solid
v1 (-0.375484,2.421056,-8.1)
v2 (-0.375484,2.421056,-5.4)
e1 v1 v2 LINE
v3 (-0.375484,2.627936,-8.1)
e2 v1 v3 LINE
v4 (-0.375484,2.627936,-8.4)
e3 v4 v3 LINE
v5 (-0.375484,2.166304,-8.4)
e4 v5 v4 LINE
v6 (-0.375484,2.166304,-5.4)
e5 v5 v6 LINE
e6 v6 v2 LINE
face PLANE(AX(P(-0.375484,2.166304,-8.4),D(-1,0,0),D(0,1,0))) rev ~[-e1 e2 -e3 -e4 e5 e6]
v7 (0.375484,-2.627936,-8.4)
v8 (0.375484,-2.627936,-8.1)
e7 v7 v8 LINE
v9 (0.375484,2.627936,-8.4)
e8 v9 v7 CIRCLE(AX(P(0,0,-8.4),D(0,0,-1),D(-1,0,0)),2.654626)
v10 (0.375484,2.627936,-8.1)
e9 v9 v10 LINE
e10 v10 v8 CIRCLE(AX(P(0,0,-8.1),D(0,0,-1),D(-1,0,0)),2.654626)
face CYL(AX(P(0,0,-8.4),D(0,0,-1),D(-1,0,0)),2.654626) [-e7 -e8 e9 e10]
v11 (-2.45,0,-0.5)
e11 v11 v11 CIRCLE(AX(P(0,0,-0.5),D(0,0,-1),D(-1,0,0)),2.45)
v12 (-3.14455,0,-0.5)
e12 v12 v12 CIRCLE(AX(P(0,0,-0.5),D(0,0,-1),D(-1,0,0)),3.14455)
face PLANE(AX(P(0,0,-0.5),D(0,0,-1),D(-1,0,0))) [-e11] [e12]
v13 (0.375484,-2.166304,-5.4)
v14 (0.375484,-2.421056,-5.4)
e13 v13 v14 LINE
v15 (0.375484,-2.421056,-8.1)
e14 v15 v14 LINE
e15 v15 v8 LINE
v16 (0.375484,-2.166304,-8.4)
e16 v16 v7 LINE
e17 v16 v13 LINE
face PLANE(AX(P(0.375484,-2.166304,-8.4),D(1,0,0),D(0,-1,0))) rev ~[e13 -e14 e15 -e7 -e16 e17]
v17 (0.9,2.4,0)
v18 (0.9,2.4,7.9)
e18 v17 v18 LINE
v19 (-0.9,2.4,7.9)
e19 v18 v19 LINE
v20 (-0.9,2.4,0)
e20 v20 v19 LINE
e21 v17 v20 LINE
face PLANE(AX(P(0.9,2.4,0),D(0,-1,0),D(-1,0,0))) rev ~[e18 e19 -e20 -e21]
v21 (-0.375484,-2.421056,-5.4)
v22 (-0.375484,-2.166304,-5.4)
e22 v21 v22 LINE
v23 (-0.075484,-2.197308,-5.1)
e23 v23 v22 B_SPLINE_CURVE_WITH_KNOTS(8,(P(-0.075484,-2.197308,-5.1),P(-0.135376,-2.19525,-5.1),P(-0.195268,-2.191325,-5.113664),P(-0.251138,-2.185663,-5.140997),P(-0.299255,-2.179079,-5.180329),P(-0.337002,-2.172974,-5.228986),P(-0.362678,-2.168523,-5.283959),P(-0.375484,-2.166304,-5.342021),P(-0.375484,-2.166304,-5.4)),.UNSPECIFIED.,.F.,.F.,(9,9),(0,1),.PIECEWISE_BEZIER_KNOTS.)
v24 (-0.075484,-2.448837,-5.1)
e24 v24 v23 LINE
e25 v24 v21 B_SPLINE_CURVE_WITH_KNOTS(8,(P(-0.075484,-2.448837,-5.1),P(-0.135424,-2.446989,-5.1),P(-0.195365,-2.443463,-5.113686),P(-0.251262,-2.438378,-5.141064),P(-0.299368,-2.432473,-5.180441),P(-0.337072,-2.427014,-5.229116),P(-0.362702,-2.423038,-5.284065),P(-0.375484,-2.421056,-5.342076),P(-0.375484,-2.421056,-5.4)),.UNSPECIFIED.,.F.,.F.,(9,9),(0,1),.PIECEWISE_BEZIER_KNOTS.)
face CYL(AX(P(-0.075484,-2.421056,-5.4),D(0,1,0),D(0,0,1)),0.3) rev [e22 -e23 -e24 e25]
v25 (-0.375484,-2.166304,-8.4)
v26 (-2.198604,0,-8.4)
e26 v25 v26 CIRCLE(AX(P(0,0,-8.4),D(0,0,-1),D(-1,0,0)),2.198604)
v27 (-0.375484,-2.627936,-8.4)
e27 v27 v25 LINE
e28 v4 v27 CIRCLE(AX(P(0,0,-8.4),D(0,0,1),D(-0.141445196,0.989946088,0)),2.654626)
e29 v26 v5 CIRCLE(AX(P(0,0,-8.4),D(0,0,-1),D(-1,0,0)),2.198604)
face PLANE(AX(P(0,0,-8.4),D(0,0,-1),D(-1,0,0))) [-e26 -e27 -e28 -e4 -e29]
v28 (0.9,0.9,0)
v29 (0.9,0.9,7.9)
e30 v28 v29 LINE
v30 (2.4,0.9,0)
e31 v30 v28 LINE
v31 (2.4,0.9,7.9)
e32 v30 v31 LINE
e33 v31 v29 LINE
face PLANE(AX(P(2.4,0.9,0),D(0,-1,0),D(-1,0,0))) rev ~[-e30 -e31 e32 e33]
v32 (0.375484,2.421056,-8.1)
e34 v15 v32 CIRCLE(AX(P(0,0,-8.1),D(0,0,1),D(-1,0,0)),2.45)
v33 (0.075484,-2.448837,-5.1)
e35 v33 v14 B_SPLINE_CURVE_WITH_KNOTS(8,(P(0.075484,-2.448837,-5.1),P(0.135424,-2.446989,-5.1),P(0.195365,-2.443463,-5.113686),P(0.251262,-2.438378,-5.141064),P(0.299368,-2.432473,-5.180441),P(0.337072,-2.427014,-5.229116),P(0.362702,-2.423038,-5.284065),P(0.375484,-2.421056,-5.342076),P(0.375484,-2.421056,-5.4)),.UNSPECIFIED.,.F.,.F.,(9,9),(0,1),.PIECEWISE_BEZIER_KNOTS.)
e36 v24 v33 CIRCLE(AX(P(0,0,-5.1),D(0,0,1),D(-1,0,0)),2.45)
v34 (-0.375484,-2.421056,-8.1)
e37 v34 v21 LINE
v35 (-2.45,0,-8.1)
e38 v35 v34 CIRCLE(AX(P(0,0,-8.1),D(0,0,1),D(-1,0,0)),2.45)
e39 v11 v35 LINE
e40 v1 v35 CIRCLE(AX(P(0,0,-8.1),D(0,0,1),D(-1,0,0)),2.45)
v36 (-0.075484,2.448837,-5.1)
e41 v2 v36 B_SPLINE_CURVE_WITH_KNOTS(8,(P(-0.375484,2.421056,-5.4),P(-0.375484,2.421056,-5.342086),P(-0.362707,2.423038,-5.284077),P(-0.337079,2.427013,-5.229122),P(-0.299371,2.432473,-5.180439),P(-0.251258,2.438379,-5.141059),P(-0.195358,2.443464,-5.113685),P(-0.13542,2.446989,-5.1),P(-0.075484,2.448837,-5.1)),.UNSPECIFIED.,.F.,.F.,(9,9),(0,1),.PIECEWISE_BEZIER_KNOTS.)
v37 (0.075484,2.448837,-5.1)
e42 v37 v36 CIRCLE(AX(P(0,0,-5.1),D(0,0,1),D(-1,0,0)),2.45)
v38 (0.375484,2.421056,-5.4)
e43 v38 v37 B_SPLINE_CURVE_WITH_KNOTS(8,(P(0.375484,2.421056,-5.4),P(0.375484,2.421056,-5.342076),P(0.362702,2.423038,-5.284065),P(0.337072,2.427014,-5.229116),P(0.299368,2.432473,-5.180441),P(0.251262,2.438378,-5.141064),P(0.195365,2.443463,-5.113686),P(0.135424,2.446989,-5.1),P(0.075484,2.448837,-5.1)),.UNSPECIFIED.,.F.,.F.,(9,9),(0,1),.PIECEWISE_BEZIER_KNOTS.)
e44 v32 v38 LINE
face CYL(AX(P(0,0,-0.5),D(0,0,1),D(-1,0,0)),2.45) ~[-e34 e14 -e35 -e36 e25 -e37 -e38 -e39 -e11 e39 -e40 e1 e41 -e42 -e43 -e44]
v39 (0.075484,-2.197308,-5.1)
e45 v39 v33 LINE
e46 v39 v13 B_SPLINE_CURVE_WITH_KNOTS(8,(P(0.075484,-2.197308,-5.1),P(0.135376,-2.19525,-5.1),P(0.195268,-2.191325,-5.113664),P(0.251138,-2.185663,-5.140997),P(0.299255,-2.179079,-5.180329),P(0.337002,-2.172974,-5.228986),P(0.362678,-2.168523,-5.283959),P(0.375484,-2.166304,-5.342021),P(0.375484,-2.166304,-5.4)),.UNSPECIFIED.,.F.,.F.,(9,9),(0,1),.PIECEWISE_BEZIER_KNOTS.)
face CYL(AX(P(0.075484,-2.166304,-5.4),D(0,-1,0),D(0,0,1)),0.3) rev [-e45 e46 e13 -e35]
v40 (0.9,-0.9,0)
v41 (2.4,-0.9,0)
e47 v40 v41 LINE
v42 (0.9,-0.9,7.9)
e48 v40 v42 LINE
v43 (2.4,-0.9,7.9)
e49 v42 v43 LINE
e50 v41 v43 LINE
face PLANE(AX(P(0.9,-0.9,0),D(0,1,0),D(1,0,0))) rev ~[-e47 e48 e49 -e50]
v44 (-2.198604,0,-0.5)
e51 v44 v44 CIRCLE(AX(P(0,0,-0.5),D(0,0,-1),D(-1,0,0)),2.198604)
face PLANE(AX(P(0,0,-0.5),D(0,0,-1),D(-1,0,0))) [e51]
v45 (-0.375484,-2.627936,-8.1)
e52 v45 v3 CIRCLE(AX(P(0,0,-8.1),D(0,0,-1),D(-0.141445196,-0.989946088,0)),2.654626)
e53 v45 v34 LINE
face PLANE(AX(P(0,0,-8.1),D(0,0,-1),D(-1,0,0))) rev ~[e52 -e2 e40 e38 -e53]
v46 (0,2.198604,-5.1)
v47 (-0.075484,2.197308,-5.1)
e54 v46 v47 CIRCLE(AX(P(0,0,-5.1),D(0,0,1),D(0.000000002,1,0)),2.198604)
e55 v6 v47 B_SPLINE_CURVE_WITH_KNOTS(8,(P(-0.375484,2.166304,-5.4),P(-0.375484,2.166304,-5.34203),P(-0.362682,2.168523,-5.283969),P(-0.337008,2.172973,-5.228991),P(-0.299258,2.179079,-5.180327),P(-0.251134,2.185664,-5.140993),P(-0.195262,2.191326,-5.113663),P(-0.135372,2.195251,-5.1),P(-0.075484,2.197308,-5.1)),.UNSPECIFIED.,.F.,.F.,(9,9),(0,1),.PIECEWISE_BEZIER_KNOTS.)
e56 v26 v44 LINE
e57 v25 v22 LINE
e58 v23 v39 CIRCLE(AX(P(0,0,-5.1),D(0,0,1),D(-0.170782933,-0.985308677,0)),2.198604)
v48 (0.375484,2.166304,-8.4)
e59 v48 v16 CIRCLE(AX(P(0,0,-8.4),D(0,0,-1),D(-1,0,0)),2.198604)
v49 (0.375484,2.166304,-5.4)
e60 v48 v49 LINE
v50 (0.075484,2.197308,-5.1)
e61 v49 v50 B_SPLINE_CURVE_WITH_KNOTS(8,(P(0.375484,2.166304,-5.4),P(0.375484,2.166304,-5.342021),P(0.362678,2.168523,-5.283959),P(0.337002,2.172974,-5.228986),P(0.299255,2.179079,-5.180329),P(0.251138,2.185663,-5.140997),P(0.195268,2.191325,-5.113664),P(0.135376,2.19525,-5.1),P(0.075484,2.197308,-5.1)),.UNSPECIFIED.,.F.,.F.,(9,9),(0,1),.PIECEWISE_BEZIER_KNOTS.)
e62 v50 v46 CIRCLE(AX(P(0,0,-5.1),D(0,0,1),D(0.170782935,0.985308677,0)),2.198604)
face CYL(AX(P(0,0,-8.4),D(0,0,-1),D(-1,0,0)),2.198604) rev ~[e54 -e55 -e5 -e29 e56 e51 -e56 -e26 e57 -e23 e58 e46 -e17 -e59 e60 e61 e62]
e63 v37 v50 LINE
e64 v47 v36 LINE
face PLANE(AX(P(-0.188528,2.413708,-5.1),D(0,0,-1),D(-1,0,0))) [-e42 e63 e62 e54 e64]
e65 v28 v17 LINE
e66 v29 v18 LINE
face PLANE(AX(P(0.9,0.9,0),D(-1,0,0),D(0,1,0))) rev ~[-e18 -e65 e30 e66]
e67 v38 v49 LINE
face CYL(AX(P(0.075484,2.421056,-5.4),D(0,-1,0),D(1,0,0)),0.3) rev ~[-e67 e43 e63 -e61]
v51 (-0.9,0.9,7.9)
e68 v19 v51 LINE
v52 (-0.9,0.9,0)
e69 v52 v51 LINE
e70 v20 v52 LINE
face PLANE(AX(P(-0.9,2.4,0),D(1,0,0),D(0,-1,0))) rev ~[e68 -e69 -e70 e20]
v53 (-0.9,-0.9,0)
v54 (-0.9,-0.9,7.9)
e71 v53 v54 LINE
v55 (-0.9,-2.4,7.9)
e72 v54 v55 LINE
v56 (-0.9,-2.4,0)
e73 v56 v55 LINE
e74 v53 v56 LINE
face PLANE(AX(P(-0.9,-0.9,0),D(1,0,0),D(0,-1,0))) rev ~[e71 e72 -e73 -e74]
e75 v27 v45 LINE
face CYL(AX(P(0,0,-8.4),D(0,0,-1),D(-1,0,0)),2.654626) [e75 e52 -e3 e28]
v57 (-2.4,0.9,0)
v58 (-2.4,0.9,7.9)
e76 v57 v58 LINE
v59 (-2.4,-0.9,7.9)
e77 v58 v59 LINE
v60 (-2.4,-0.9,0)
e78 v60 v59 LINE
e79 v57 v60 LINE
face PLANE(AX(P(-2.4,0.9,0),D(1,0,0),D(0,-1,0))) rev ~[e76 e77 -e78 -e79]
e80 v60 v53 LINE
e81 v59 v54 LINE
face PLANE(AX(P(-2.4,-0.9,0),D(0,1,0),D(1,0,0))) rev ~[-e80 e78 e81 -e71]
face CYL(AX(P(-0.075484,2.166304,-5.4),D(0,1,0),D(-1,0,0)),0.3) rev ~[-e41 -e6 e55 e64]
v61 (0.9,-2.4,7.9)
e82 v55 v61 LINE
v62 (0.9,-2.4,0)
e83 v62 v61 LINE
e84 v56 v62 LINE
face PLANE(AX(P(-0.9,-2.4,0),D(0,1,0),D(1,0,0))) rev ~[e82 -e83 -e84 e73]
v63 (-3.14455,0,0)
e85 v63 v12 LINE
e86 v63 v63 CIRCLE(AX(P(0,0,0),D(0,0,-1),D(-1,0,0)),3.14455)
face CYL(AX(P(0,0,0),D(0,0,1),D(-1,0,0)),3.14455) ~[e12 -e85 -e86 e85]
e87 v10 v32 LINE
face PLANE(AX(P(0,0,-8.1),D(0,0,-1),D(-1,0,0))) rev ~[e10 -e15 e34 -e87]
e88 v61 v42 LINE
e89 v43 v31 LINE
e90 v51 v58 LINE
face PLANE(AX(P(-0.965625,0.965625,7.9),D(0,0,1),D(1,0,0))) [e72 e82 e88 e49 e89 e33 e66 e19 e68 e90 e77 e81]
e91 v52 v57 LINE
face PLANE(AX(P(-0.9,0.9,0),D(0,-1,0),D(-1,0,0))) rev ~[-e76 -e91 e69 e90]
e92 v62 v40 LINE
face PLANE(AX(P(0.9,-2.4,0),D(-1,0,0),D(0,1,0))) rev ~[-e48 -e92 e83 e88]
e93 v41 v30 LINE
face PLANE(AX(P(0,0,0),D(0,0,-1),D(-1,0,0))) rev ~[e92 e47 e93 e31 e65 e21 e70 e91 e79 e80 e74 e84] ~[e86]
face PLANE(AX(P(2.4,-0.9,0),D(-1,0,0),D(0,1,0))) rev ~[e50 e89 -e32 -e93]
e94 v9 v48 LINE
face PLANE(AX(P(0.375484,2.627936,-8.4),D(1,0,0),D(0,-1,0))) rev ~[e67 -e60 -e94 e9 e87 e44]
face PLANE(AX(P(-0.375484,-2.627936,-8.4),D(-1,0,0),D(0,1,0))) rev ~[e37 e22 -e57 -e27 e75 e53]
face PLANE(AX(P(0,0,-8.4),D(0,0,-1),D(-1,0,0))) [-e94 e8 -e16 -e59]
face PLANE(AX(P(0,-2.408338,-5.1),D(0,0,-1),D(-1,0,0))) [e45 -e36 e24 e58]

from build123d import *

# Parameters (mm, degrees)
BOSS_EXTRUDE1_DEPTH = 7.9
SKETCH2_R           = 3.144549921
BOSS_EXTRUDE3_DEPTH = 0.5
SKETCH3_R           = 2.45
BOSS_EXTRUDE4_DEPTH = 7.9
SKETCH4_R           = 2.65462565
BOSS_EXTRUDE5_DEPTH = 0.3
SKETCH5_R           = 2.198604039
CUT_EXTRUDE1_DEPTH  = 7.9
CUT_EXTRUDE2_DEPTH  = 3.3
FILLET1_R           = 0.3


with BuildPart() as part:
    # Sketch1 → Boss-Extrude1 (new body)
    with BuildSketch(Plane.XY):
        Polygon((-2.4, 0.9), (-2.4, 0), (0, 0), (0, 2.4), (-0.9, 2.4), (-0.9, 0.9), align=None)
        Polygon((0, 0), (-2.4, 0), (-2.4, -0.9), (-0.9, -0.9), (-0.9, -2.4), (0, -2.4), align=None)
        Polygon((0, 2.4), (0, 0), (2.4, 0), (2.4, 0.9), (0.9, 0.9), (0.9, 2.4), align=None)
        Polygon((2.4, 0), (0, 0), (0, -2.4), (0.9, -2.4), (0.9, -0.9), (2.4, -0.9), align=None)
    extrude(amount=BOSS_EXTRUDE1_DEPTH)

    # Sketch2 → Boss-Extrude3 (add)
    with BuildSketch(Plane(origin=(0, 0, 0), x_dir=(-1, 0, 0), z_dir=(0, 0, -1))):
        Circle(SKETCH2_R)
    extrude(amount=BOSS_EXTRUDE3_DEPTH)

    # Sketch3 → Boss-Extrude4 (add)
    with BuildSketch(Plane(origin=(0, 0, -0.5), x_dir=(-1, 0, 0), z_dir=(0, 0, -1))):
        Circle(SKETCH3_R)
    extrude(amount=BOSS_EXTRUDE4_DEPTH)

    # Sketch4 → Boss-Extrude5 (add)
    with BuildSketch(Plane(origin=(0, 0, -8.4), x_dir=(-1, 0, 0), z_dir=(0, 0, -1))):
        Circle(SKETCH4_R)
    extrude(amount=-BOSS_EXTRUDE5_DEPTH)

    # Sketch5 → Cut-Extrude1 (cut)
    with BuildSketch(Plane(origin=(0, 0, -8.4), x_dir=(-1, 0, 0), z_dir=(0, 0, -1))):
        Circle(SKETCH5_R)
    extrude(amount=-CUT_EXTRUDE1_DEPTH, mode=Mode.SUBTRACT)

    # Sketch6 → Cut-Extrude2 (cut)
    with BuildSketch(Plane(origin=(0, 0, -8.4), x_dir=(-1, 0, 0), z_dir=(0, 0, -1))):
        with BuildLine():
            Line((0.375484044, 2.166303638), (0.375484044, 2.627936276))
            ThreePointArc((0.375484044, 2.627936276), (0.188215694, 2.6479449), (0, 2.65462565))
            Line((0, 2.65462565), (0, 2.198604039))
            ThreePointArc((0, 2.198604039), (0.188435389, 2.190514055), (0.375484044, 2.166303638))
        make_face()
        with BuildLine():
            Line((0, 2.198604039), (0, 2.65462565))
            ThreePointArc((0, 2.65462565), (-0.188215694, 2.6479449), (-0.375484044, 2.627936276))
            Line((-0.375484044, 2.627936276), (-0.375484044, 2.166303638))
            ThreePointArc((-0.375484044, 2.166303638), (-0.188435389, 2.190514055), (0, 2.198604039))
        make_face()
        with BuildLine():
            ThreePointArc((0, -2.65462565), (0.188215694, -2.6479449), (0.375484044, -2.627936276))
            Line((0.375484044, -2.627936276), (0.375484044, -2.166303638))
            ThreePointArc((0.375484044, -2.166303638), (0, -2.198604039), (-0.375484044, -2.166303638))
            Line((-0.375484044, -2.166303638), (-0.375484044, -2.627936276))
            ThreePointArc((-0.375484044, -2.627936276), (-0.188215694, -2.6479449), (0, -2.65462565))
        make_face()
    extrude(amount=-CUT_EXTRUDE2_DEPTH, mode=Mode.SUBTRACT)

    # Fillet1
    fillet1_edges = [part.edges().sort_by_distance(p)[0] for p in [
        (0.375484044, 2.293679776, -5.1),
        (-0.375484044, 2.293679776, -5.1),
        (-0.375484044, -2.293679776, -5.1),
        (0.375484044, -2.293679776, -5.1),
    ]]
    fillet(fillet1_edges, radius=FILLET1_R)


solid = part.part
